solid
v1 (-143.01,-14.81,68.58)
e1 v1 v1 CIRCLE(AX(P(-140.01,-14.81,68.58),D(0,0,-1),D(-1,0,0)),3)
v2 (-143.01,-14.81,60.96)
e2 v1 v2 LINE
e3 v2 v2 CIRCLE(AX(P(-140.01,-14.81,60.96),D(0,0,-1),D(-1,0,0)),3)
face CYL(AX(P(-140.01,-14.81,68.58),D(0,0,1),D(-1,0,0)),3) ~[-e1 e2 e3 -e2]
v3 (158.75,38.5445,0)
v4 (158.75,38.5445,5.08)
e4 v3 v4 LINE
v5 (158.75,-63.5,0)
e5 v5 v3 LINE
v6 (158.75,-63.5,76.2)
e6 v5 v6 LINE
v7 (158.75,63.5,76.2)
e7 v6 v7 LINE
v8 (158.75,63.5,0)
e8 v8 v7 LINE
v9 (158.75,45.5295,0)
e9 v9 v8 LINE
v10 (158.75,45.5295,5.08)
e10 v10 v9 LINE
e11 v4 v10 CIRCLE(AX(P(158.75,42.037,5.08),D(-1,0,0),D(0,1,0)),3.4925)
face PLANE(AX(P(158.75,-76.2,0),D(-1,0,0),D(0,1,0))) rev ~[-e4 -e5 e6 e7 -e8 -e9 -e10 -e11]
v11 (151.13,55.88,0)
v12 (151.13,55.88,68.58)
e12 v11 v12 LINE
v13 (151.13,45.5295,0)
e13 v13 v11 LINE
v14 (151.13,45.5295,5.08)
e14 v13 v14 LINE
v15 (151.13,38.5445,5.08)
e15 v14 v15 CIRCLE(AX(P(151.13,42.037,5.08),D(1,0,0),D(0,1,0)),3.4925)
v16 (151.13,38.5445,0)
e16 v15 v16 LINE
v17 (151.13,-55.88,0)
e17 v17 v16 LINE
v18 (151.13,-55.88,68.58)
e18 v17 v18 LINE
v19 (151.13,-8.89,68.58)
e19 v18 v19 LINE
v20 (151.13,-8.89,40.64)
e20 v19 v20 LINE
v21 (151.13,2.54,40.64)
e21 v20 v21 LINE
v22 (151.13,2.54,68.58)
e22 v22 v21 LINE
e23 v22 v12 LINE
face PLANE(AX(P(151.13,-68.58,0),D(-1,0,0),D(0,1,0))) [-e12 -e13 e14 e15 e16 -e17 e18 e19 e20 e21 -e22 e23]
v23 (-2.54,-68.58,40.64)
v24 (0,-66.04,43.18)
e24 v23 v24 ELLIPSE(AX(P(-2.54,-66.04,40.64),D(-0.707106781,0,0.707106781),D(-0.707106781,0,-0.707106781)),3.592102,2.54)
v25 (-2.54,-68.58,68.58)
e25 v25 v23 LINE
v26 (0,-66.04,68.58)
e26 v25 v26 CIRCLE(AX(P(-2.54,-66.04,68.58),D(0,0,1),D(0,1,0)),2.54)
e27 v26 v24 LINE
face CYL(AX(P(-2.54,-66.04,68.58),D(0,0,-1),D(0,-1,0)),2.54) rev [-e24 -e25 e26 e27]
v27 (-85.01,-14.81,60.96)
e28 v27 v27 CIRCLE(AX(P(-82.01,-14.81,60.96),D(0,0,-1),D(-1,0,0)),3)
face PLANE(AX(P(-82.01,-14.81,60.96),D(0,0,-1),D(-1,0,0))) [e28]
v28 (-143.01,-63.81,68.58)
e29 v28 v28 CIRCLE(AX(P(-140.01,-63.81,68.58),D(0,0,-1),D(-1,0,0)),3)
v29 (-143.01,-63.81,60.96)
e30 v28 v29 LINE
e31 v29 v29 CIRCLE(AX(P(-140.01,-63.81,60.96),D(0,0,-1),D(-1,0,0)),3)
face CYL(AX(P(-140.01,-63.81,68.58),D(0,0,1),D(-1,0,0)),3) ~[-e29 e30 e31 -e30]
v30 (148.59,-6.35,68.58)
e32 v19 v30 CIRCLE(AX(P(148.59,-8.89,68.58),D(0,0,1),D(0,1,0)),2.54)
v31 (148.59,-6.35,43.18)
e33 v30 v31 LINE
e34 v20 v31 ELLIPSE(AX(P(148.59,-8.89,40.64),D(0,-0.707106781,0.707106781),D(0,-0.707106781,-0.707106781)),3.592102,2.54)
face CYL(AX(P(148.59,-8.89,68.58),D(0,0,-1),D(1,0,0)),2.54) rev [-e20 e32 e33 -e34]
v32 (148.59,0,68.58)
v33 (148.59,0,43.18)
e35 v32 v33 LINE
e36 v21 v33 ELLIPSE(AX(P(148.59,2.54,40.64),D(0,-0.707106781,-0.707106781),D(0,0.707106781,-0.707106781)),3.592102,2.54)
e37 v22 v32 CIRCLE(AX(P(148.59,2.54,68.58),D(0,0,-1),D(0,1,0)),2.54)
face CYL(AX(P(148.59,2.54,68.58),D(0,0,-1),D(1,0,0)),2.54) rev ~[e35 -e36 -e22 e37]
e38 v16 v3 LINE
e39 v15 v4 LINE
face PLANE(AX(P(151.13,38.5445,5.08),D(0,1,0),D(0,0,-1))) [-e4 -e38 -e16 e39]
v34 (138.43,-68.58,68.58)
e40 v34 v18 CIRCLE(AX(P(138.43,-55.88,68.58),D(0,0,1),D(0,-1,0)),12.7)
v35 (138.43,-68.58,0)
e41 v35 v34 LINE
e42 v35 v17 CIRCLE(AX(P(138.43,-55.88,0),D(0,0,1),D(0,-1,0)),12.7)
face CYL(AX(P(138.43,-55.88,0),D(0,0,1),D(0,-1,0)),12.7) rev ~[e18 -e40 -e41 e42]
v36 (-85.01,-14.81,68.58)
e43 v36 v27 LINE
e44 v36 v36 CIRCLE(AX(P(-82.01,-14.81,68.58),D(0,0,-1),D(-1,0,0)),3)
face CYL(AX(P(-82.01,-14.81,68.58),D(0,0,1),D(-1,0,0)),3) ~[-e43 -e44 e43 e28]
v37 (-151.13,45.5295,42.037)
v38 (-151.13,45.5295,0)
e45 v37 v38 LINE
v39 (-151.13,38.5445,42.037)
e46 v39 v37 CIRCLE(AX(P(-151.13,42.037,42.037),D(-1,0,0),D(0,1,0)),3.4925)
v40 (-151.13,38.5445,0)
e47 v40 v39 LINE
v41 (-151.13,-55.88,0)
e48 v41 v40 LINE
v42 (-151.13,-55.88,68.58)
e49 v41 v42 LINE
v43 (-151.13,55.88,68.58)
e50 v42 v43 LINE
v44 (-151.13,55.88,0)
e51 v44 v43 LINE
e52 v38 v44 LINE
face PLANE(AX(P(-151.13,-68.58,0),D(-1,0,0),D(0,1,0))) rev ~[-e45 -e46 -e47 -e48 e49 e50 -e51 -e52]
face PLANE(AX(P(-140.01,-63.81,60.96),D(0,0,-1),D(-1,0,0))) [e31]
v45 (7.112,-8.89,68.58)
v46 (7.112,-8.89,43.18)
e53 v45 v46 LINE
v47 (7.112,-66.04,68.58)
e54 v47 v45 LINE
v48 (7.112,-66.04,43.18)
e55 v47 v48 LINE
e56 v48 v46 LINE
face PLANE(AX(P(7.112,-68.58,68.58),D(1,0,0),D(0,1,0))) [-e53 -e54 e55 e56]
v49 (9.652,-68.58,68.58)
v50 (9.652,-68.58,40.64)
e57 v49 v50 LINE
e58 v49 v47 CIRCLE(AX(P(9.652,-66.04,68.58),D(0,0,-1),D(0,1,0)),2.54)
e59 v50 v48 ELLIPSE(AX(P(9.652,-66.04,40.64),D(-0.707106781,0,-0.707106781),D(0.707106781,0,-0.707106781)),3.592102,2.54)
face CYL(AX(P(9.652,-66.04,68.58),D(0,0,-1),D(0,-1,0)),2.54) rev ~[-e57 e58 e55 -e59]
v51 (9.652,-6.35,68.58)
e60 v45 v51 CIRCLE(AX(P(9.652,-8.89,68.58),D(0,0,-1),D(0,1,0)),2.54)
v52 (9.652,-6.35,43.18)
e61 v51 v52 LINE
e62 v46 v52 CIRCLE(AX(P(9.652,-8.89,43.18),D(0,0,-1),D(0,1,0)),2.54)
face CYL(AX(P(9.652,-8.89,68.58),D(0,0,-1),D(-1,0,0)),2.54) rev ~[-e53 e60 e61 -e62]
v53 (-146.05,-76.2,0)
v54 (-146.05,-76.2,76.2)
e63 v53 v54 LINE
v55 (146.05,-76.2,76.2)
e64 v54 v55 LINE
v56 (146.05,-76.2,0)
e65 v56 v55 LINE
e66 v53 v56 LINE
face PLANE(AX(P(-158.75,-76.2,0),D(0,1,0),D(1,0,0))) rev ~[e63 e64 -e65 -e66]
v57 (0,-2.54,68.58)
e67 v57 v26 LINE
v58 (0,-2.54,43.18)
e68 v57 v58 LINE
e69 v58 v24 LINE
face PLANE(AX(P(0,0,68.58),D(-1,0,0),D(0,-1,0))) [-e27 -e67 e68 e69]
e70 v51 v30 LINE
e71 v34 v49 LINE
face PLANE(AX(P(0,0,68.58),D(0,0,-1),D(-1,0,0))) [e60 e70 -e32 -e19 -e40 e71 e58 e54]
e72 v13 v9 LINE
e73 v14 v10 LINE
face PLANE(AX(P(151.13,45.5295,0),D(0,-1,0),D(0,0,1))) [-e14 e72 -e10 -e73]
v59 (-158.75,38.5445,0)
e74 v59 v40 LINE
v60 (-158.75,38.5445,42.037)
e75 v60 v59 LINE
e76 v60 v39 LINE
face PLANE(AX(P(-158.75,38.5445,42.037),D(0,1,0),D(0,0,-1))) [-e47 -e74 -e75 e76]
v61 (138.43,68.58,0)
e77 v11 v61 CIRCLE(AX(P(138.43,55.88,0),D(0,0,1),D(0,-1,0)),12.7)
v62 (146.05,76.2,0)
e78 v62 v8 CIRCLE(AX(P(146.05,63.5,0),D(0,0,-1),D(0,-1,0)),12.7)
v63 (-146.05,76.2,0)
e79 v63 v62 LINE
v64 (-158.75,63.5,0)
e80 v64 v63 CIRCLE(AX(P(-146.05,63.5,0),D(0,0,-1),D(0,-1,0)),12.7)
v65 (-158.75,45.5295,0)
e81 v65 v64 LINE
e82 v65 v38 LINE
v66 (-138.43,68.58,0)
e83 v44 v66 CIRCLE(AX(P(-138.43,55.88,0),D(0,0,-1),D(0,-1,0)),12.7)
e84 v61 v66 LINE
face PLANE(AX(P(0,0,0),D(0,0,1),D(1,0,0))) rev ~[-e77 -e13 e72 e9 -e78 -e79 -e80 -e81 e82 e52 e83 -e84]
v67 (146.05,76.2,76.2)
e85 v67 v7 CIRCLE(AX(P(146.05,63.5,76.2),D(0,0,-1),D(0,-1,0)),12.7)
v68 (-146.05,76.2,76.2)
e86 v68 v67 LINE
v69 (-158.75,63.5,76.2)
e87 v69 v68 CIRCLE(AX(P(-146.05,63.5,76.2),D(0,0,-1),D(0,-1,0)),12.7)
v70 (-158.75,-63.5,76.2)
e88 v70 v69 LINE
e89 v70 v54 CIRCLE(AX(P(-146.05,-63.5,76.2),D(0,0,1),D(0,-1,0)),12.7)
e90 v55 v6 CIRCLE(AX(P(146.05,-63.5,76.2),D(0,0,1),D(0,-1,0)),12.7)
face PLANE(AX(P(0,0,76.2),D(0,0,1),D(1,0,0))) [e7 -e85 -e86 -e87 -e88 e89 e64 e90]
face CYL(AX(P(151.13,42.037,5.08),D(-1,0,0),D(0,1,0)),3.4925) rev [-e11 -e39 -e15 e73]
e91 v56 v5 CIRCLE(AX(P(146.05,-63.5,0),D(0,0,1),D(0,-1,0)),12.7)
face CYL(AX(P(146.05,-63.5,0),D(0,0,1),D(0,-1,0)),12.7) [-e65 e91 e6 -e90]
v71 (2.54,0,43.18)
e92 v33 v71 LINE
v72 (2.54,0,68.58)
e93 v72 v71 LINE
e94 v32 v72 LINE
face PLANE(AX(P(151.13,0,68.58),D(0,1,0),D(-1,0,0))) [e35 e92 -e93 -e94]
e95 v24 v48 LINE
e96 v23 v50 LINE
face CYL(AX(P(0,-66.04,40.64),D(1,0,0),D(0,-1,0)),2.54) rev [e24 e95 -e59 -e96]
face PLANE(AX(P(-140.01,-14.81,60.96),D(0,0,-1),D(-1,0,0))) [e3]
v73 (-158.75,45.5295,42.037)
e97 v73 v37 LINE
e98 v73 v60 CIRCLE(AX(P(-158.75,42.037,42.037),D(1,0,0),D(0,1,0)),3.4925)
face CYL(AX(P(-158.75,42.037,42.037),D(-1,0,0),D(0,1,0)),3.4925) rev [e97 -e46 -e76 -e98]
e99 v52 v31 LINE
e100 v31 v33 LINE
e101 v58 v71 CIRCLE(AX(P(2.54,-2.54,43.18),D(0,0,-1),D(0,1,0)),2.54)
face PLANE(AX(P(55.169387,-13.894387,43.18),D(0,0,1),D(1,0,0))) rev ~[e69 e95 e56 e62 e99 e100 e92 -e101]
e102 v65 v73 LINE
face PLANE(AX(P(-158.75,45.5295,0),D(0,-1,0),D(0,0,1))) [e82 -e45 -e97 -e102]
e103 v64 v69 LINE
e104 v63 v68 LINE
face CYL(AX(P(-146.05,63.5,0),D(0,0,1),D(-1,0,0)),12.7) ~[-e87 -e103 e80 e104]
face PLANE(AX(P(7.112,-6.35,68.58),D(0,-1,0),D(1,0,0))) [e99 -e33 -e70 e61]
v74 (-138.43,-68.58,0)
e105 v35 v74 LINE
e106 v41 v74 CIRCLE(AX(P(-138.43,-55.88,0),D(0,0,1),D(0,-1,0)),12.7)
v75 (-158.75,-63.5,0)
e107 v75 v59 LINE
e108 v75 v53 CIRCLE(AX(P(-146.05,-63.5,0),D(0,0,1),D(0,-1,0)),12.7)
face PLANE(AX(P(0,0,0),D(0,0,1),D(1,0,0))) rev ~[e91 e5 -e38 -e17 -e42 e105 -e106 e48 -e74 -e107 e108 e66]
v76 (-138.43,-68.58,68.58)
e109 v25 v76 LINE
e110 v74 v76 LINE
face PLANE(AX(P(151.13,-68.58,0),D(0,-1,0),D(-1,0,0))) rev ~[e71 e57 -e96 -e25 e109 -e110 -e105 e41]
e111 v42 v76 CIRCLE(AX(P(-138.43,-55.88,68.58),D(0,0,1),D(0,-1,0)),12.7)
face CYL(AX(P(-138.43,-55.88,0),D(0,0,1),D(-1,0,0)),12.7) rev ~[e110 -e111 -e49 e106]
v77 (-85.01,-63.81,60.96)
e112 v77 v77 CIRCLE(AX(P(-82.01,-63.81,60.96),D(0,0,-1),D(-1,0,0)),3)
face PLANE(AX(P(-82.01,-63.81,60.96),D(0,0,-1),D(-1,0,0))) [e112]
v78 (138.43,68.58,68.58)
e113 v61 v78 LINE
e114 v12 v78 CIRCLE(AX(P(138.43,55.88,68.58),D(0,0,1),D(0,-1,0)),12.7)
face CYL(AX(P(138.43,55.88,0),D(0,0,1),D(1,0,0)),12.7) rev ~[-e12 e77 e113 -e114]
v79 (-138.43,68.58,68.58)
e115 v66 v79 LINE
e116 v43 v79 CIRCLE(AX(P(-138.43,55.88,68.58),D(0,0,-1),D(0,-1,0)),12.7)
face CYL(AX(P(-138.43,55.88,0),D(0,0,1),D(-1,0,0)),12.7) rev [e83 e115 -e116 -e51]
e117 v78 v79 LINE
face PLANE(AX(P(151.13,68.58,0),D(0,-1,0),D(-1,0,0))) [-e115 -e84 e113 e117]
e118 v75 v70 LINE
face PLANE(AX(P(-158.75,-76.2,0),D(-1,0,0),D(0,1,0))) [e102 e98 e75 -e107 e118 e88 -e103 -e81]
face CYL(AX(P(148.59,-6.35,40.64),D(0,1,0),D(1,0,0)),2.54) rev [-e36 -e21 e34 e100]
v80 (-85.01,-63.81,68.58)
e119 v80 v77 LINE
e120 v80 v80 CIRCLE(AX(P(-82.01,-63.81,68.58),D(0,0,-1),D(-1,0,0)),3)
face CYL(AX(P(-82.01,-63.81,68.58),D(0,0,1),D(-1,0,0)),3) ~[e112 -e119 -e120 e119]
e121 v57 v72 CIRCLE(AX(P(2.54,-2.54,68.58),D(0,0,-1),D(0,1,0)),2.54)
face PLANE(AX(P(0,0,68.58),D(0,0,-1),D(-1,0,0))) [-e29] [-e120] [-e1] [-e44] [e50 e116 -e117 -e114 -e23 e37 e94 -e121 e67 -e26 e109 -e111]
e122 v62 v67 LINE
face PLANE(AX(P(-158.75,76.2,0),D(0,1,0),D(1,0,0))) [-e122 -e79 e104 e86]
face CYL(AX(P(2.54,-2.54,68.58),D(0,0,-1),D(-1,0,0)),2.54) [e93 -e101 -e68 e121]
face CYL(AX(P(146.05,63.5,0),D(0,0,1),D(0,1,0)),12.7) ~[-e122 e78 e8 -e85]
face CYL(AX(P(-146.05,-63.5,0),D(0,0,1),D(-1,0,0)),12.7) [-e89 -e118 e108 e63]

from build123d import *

# Parameters (mm, degrees)
SKETCH1_W           = 317.5
SKETCH1_H           = 152.4
BOSS_EXTRUDE1_DEPTH = 76.2
SKETCH2_W           = 302.26
SKETCH2_H           = 137.16
CUT_EXTRUDE1_DEPTH  = 68.58
CUT_EXTRUDE2_REACH  = 319.5
BOSS_EXTRUDE2_DEPTH = 25.4
CUT_EXTRUDE3_REACH  = 9.62
SKETCH7_R           = 3
BOSS_EXTRUDE4_DEPTH = 7.62
FILLET2_R           = 12.7
FILLET3_R           = 2.54


with BuildPart() as part:
    # Sketch1 → Boss-Extrude1 (new body)
    with BuildSketch(Plane.XY):
        Rectangle(SKETCH1_W, SKETCH1_H)
    extrude(amount=BOSS_EXTRUDE1_DEPTH)

    # Sketch2 → Cut-Extrude1 (cut)
    with BuildSketch(Plane(origin=(0, 0, 0), x_dir=(-1, 0, 0), z_dir=(0, 0, -1))):
        Rectangle(SKETCH2_W, SKETCH2_H)
    extrude(amount=-CUT_EXTRUDE1_DEPTH, mode=Mode.SUBTRACT)

    # Sketch3 → Cut-Extrude2 (cut, up to next)
    with BuildSketch(Plane.ZY.offset(158.75), mode=Mode.PRIVATE) as cut_extrude2_sk1:
        with BuildLine():
            Line((42.037, 38.5445), (0, 38.5445))
            Line((0, 38.5445), (0, 45.5295))
            Line((0, 45.5295), (42.037, 45.5295))
            ThreePointArc((42.037, 45.5295), (45.5295, 42.037), (42.037, 38.5445))
        make_face()
    cut_extrude2_tool1 = extrude(cut_extrude2_sk1.sketch, amount=-CUT_EXTRUDE2_REACH, mode=Mode.PRIVATE) & part.part
    add(cut_extrude2_tool1.solids().sort_by_distance((-158.75, 42.037, 22.396786))[0], mode=Mode.SUBTRACT)

    # Sketch4 → Boss-Extrude2 (add)
    with BuildSketch(Plane(origin=(0, 0, 68.58), x_dir=(-1, 0, 0), z_dir=(0, 0, -1))):
        Polygon((-151.13, 0), (0, 0), (0, -68.58), (-7.112, -68.58), (-7.112, -6.35), (-151.13, -6.35), align=None)
    extrude(amount=BOSS_EXTRUDE2_DEPTH)

    # Sketch5 → Cut-Extrude3 (cut, up to next)
    with BuildSketch(Plane.ZY.offset(-151.13), mode=Mode.PRIVATE) as cut_extrude3_sk1:
        with BuildLine():
            Line((5.08, 38.5445), (0, 38.5445))
            Line((0, 38.5445), (0, 45.5295))
            Line((0, 45.5295), (5.08, 45.5295))
            ThreePointArc((5.08, 45.5295), (8.5725, 42.037), (5.08, 38.5445))
        make_face()
    cut_extrude3_tool1 = extrude(cut_extrude3_sk1.sketch, amount=-CUT_EXTRUDE3_REACH, mode=Mode.PRIVATE) & part.part
    add(cut_extrude3_tool1.solids().sort_by_distance((151.13, 42.037, 3.950338))[0], mode=Mode.SUBTRACT)

    # Sketch7 → Boss-Extrude4 (add)
    with BuildSketch(Plane(origin=(0, 0, 68.58), x_dir=(-1, 0, 0), z_dir=(0, 0, -1))):
        with Locations((140.01, -63.81)):
            Circle(SKETCH7_R)
        with Locations((82.01, -63.81)):
            Circle(SKETCH7_R)
        with Locations((140.01, -14.81)):
            Circle(SKETCH7_R)
        with Locations((82.01, -14.81)):
            Circle(SKETCH7_R)
    extrude(amount=BOSS_EXTRUDE4_DEPTH)

    # Fillet2
    fillet2_edges = [part.edges().sort_by_distance(p)[0] for p in [
        (-151.13, 68.58, 34.29),
        (151.13, 68.58, 34.29),
        (151.13, -68.58, 34.29),
        (-151.13, -68.58, 34.29),
        (-158.75, 76.2, 38.1),
        (158.75, 76.2, 38.1),
        (158.75, -76.2, 38.1),
        (-158.75, -76.2, 38.1),
    ]]
    fillet(fillet2_edges, radius=FILLET2_R)

    # Fillet3
    fillet3_edges = [part.edges().sort_by_distance(p)[0] for p in [
        (151.13, 0, 55.88),
        (151.13, -6.35, 55.88),
        (7.112, -6.35, 55.88),
        (7.112, -68.58, 55.88),
        (0, -68.58, 55.88),
        (0, 0, 55.88),
        (151.13, -3.175, 43.18),
        (3.556, -68.58, 43.18),
    ]]
    fillet(fillet3_edges, radius=FILLET3_R)


solid = part.part
